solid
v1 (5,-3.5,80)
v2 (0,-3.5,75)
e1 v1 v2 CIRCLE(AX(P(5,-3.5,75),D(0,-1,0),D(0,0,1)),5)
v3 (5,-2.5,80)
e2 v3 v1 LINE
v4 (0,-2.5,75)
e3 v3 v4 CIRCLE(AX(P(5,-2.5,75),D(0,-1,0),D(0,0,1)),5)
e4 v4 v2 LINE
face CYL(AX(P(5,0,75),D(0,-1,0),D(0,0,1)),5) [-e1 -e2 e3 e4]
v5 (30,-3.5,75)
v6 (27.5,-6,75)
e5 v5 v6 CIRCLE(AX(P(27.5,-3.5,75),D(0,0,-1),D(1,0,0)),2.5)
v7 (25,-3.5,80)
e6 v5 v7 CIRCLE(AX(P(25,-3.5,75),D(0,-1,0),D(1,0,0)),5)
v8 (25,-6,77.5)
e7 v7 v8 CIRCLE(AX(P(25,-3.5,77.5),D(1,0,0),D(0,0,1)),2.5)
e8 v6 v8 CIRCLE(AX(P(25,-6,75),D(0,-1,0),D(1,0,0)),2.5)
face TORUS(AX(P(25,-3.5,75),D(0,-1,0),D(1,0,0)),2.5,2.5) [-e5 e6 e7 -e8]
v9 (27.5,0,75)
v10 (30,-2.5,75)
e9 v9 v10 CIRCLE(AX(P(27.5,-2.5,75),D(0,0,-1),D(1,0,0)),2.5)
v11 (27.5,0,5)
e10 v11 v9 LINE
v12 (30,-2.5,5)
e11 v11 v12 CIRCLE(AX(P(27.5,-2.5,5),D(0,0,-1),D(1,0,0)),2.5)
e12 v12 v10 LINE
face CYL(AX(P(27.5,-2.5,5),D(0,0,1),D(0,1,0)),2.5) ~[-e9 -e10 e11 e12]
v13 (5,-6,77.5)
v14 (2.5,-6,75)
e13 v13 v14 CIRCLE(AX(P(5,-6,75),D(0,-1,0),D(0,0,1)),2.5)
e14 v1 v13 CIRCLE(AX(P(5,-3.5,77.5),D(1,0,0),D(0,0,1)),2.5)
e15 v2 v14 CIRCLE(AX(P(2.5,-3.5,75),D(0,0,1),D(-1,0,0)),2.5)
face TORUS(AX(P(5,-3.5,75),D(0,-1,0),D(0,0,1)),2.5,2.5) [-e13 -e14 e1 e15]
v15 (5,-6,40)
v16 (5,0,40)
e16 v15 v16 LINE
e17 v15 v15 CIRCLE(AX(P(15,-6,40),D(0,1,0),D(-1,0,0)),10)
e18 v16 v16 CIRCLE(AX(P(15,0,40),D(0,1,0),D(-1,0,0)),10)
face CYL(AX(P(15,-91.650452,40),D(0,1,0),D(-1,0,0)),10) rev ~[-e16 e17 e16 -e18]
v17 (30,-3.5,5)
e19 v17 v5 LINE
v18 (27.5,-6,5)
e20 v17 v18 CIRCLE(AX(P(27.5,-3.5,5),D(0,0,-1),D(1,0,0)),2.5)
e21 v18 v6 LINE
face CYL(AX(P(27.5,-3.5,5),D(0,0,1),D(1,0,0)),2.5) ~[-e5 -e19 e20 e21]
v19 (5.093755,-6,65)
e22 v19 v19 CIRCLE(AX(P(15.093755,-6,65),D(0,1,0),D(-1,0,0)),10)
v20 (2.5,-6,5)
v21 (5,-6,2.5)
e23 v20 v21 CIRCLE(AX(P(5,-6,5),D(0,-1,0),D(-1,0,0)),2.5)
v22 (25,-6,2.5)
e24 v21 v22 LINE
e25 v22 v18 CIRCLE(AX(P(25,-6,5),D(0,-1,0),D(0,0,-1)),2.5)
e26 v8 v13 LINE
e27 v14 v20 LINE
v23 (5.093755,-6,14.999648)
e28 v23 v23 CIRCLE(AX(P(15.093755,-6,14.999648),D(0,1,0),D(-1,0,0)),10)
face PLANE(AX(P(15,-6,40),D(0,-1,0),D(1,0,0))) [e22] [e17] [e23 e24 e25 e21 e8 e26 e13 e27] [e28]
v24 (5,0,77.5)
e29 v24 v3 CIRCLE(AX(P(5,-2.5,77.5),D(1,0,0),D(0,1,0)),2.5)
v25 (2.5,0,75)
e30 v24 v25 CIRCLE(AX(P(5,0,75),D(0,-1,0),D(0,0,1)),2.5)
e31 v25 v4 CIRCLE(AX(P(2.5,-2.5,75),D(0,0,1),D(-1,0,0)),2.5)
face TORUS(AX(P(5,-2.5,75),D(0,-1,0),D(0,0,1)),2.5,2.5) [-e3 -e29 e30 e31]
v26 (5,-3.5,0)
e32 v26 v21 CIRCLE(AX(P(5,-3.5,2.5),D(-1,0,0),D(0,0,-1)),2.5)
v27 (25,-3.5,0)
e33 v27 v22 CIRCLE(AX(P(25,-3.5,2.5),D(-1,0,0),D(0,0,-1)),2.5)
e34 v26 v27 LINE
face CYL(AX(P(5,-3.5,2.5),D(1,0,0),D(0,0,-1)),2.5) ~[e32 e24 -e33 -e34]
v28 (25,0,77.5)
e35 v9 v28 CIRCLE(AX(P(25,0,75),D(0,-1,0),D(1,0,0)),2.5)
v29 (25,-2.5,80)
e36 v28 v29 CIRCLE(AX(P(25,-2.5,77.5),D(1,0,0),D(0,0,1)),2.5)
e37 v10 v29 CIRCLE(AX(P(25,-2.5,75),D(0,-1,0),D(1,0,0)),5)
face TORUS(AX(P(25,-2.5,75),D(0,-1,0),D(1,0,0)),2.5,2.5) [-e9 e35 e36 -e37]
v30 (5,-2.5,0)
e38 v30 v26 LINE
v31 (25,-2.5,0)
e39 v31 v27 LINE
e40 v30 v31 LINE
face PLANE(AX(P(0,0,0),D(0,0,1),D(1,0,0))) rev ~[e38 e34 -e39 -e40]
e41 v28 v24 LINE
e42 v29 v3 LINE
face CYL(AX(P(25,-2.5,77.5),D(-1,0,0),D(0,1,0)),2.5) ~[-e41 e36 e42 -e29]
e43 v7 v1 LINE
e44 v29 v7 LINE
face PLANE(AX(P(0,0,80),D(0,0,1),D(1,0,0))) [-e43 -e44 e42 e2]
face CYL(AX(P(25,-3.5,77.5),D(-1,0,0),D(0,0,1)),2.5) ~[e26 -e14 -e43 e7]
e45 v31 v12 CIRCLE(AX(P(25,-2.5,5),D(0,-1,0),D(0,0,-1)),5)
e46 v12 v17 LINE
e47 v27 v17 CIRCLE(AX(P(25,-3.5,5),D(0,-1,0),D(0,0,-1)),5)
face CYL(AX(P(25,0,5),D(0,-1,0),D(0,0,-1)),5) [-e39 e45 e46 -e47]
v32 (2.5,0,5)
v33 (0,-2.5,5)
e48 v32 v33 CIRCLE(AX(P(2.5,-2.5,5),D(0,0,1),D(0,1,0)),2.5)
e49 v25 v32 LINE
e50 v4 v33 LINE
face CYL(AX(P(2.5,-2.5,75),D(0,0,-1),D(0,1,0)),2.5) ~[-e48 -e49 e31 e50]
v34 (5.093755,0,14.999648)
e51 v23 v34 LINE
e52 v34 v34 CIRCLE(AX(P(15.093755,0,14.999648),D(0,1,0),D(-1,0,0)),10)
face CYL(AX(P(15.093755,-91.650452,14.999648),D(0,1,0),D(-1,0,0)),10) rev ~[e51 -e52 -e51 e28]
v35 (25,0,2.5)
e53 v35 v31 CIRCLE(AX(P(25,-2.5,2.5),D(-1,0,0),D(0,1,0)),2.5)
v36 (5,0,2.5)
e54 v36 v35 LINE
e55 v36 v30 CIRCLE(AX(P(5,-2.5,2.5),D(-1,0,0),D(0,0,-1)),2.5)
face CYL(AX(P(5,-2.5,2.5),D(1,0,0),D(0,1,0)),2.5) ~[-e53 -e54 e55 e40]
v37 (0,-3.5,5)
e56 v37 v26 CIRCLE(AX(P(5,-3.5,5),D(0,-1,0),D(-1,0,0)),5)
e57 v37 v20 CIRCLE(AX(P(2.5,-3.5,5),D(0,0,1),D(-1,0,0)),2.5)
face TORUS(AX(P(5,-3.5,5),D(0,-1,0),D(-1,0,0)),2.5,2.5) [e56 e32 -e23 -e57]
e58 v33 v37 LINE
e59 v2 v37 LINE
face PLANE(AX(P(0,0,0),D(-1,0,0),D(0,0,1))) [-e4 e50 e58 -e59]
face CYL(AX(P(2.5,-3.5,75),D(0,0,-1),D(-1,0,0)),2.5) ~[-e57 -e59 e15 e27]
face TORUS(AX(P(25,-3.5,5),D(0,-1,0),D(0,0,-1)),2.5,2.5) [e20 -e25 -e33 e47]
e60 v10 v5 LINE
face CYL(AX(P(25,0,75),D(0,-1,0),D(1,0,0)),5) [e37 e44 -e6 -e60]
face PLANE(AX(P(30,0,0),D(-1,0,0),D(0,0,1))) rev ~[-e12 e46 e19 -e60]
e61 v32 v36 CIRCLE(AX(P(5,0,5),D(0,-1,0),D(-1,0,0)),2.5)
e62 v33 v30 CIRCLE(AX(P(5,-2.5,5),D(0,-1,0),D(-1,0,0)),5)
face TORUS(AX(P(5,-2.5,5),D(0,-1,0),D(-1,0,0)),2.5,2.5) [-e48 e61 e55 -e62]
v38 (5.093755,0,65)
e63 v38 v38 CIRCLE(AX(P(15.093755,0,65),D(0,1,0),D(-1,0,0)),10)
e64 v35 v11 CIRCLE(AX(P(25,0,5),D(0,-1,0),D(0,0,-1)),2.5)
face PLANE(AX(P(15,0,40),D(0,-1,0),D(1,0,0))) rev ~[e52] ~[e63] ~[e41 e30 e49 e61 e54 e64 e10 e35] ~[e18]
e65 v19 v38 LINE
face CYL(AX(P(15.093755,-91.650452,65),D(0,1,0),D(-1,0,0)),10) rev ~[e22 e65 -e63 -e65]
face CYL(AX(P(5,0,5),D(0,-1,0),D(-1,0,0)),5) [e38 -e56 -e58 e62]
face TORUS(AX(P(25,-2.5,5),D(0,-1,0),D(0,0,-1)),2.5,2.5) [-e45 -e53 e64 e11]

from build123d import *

# Parameters (mm, degrees)
F0_W     = 30
F0_H     = 80
F1_DEPTH = 6
F2_R     = 5
F3_R     = 5
F4_R     = 5
F5_R     = 5
F6_R     = 2.5
F7_R     = 2.5
F9_D     = 20
F13_D    = 20
F14_D    = 20


with BuildPart() as f1:
    # F0 (on Front) → F1 (new body)
    with BuildSketch(Plane.XZ):
        with Locations((15, 40)):
            Rectangle(F0_W, F0_H)
    extrude(amount=F1_DEPTH)

    # F2
    f2_edges = [f1.edges().sort_by_distance(p)[0] for p in [
        (30, -3, 80),
    ]]
    fillet(f2_edges, radius=F2_R)

    # F3
    f3_edges = [f1.edges().sort_by_distance(p)[0] for p in [
        (0, -3, 80),
    ]]
    fillet(f3_edges, radius=F3_R)

    # F4
    f4_edges = [f1.edges().sort_by_distance(p)[0] for p in [
        (0, -3, 0),
    ]]
    fillet(f4_edges, radius=F4_R)

    # F5
    f5_edges = [f1.edges().sort_by_distance(p)[0] for p in [
        (30, -3, 0),
    ]]
    fillet(f5_edges, radius=F5_R)

    # F6
    f6_edges = [f1.edges().sort_by_distance(p)[0] for p in [
        (28.535534, -6, 78.535534),
    ]]
    fillet(f6_edges, radius=F6_R)

    # F7
    f7_edges = [f1.edges().sort_by_distance(p)[0] for p in [
        (28.535534, 0, 78.535534),
    ]]
    fillet(f7_edges, radius=F7_R)

    # F9 (through all)
    with Locations(Plane.XZ.offset(6)):
        with Locations((15, 40)):
            Hole(F9_D / 2)

    # F13 (through all)
    with Locations(Plane.XZ.offset(6)):
        with Locations((15.093754977, 65)):
            Hole(F13_D / 2)

    # F14 (through all)
    with Locations(Plane.XZ.offset(6)):
        with Locations((15.093754977, 14.9996483952)):
            Hole(F14_D / 2)


solid = f1.part
